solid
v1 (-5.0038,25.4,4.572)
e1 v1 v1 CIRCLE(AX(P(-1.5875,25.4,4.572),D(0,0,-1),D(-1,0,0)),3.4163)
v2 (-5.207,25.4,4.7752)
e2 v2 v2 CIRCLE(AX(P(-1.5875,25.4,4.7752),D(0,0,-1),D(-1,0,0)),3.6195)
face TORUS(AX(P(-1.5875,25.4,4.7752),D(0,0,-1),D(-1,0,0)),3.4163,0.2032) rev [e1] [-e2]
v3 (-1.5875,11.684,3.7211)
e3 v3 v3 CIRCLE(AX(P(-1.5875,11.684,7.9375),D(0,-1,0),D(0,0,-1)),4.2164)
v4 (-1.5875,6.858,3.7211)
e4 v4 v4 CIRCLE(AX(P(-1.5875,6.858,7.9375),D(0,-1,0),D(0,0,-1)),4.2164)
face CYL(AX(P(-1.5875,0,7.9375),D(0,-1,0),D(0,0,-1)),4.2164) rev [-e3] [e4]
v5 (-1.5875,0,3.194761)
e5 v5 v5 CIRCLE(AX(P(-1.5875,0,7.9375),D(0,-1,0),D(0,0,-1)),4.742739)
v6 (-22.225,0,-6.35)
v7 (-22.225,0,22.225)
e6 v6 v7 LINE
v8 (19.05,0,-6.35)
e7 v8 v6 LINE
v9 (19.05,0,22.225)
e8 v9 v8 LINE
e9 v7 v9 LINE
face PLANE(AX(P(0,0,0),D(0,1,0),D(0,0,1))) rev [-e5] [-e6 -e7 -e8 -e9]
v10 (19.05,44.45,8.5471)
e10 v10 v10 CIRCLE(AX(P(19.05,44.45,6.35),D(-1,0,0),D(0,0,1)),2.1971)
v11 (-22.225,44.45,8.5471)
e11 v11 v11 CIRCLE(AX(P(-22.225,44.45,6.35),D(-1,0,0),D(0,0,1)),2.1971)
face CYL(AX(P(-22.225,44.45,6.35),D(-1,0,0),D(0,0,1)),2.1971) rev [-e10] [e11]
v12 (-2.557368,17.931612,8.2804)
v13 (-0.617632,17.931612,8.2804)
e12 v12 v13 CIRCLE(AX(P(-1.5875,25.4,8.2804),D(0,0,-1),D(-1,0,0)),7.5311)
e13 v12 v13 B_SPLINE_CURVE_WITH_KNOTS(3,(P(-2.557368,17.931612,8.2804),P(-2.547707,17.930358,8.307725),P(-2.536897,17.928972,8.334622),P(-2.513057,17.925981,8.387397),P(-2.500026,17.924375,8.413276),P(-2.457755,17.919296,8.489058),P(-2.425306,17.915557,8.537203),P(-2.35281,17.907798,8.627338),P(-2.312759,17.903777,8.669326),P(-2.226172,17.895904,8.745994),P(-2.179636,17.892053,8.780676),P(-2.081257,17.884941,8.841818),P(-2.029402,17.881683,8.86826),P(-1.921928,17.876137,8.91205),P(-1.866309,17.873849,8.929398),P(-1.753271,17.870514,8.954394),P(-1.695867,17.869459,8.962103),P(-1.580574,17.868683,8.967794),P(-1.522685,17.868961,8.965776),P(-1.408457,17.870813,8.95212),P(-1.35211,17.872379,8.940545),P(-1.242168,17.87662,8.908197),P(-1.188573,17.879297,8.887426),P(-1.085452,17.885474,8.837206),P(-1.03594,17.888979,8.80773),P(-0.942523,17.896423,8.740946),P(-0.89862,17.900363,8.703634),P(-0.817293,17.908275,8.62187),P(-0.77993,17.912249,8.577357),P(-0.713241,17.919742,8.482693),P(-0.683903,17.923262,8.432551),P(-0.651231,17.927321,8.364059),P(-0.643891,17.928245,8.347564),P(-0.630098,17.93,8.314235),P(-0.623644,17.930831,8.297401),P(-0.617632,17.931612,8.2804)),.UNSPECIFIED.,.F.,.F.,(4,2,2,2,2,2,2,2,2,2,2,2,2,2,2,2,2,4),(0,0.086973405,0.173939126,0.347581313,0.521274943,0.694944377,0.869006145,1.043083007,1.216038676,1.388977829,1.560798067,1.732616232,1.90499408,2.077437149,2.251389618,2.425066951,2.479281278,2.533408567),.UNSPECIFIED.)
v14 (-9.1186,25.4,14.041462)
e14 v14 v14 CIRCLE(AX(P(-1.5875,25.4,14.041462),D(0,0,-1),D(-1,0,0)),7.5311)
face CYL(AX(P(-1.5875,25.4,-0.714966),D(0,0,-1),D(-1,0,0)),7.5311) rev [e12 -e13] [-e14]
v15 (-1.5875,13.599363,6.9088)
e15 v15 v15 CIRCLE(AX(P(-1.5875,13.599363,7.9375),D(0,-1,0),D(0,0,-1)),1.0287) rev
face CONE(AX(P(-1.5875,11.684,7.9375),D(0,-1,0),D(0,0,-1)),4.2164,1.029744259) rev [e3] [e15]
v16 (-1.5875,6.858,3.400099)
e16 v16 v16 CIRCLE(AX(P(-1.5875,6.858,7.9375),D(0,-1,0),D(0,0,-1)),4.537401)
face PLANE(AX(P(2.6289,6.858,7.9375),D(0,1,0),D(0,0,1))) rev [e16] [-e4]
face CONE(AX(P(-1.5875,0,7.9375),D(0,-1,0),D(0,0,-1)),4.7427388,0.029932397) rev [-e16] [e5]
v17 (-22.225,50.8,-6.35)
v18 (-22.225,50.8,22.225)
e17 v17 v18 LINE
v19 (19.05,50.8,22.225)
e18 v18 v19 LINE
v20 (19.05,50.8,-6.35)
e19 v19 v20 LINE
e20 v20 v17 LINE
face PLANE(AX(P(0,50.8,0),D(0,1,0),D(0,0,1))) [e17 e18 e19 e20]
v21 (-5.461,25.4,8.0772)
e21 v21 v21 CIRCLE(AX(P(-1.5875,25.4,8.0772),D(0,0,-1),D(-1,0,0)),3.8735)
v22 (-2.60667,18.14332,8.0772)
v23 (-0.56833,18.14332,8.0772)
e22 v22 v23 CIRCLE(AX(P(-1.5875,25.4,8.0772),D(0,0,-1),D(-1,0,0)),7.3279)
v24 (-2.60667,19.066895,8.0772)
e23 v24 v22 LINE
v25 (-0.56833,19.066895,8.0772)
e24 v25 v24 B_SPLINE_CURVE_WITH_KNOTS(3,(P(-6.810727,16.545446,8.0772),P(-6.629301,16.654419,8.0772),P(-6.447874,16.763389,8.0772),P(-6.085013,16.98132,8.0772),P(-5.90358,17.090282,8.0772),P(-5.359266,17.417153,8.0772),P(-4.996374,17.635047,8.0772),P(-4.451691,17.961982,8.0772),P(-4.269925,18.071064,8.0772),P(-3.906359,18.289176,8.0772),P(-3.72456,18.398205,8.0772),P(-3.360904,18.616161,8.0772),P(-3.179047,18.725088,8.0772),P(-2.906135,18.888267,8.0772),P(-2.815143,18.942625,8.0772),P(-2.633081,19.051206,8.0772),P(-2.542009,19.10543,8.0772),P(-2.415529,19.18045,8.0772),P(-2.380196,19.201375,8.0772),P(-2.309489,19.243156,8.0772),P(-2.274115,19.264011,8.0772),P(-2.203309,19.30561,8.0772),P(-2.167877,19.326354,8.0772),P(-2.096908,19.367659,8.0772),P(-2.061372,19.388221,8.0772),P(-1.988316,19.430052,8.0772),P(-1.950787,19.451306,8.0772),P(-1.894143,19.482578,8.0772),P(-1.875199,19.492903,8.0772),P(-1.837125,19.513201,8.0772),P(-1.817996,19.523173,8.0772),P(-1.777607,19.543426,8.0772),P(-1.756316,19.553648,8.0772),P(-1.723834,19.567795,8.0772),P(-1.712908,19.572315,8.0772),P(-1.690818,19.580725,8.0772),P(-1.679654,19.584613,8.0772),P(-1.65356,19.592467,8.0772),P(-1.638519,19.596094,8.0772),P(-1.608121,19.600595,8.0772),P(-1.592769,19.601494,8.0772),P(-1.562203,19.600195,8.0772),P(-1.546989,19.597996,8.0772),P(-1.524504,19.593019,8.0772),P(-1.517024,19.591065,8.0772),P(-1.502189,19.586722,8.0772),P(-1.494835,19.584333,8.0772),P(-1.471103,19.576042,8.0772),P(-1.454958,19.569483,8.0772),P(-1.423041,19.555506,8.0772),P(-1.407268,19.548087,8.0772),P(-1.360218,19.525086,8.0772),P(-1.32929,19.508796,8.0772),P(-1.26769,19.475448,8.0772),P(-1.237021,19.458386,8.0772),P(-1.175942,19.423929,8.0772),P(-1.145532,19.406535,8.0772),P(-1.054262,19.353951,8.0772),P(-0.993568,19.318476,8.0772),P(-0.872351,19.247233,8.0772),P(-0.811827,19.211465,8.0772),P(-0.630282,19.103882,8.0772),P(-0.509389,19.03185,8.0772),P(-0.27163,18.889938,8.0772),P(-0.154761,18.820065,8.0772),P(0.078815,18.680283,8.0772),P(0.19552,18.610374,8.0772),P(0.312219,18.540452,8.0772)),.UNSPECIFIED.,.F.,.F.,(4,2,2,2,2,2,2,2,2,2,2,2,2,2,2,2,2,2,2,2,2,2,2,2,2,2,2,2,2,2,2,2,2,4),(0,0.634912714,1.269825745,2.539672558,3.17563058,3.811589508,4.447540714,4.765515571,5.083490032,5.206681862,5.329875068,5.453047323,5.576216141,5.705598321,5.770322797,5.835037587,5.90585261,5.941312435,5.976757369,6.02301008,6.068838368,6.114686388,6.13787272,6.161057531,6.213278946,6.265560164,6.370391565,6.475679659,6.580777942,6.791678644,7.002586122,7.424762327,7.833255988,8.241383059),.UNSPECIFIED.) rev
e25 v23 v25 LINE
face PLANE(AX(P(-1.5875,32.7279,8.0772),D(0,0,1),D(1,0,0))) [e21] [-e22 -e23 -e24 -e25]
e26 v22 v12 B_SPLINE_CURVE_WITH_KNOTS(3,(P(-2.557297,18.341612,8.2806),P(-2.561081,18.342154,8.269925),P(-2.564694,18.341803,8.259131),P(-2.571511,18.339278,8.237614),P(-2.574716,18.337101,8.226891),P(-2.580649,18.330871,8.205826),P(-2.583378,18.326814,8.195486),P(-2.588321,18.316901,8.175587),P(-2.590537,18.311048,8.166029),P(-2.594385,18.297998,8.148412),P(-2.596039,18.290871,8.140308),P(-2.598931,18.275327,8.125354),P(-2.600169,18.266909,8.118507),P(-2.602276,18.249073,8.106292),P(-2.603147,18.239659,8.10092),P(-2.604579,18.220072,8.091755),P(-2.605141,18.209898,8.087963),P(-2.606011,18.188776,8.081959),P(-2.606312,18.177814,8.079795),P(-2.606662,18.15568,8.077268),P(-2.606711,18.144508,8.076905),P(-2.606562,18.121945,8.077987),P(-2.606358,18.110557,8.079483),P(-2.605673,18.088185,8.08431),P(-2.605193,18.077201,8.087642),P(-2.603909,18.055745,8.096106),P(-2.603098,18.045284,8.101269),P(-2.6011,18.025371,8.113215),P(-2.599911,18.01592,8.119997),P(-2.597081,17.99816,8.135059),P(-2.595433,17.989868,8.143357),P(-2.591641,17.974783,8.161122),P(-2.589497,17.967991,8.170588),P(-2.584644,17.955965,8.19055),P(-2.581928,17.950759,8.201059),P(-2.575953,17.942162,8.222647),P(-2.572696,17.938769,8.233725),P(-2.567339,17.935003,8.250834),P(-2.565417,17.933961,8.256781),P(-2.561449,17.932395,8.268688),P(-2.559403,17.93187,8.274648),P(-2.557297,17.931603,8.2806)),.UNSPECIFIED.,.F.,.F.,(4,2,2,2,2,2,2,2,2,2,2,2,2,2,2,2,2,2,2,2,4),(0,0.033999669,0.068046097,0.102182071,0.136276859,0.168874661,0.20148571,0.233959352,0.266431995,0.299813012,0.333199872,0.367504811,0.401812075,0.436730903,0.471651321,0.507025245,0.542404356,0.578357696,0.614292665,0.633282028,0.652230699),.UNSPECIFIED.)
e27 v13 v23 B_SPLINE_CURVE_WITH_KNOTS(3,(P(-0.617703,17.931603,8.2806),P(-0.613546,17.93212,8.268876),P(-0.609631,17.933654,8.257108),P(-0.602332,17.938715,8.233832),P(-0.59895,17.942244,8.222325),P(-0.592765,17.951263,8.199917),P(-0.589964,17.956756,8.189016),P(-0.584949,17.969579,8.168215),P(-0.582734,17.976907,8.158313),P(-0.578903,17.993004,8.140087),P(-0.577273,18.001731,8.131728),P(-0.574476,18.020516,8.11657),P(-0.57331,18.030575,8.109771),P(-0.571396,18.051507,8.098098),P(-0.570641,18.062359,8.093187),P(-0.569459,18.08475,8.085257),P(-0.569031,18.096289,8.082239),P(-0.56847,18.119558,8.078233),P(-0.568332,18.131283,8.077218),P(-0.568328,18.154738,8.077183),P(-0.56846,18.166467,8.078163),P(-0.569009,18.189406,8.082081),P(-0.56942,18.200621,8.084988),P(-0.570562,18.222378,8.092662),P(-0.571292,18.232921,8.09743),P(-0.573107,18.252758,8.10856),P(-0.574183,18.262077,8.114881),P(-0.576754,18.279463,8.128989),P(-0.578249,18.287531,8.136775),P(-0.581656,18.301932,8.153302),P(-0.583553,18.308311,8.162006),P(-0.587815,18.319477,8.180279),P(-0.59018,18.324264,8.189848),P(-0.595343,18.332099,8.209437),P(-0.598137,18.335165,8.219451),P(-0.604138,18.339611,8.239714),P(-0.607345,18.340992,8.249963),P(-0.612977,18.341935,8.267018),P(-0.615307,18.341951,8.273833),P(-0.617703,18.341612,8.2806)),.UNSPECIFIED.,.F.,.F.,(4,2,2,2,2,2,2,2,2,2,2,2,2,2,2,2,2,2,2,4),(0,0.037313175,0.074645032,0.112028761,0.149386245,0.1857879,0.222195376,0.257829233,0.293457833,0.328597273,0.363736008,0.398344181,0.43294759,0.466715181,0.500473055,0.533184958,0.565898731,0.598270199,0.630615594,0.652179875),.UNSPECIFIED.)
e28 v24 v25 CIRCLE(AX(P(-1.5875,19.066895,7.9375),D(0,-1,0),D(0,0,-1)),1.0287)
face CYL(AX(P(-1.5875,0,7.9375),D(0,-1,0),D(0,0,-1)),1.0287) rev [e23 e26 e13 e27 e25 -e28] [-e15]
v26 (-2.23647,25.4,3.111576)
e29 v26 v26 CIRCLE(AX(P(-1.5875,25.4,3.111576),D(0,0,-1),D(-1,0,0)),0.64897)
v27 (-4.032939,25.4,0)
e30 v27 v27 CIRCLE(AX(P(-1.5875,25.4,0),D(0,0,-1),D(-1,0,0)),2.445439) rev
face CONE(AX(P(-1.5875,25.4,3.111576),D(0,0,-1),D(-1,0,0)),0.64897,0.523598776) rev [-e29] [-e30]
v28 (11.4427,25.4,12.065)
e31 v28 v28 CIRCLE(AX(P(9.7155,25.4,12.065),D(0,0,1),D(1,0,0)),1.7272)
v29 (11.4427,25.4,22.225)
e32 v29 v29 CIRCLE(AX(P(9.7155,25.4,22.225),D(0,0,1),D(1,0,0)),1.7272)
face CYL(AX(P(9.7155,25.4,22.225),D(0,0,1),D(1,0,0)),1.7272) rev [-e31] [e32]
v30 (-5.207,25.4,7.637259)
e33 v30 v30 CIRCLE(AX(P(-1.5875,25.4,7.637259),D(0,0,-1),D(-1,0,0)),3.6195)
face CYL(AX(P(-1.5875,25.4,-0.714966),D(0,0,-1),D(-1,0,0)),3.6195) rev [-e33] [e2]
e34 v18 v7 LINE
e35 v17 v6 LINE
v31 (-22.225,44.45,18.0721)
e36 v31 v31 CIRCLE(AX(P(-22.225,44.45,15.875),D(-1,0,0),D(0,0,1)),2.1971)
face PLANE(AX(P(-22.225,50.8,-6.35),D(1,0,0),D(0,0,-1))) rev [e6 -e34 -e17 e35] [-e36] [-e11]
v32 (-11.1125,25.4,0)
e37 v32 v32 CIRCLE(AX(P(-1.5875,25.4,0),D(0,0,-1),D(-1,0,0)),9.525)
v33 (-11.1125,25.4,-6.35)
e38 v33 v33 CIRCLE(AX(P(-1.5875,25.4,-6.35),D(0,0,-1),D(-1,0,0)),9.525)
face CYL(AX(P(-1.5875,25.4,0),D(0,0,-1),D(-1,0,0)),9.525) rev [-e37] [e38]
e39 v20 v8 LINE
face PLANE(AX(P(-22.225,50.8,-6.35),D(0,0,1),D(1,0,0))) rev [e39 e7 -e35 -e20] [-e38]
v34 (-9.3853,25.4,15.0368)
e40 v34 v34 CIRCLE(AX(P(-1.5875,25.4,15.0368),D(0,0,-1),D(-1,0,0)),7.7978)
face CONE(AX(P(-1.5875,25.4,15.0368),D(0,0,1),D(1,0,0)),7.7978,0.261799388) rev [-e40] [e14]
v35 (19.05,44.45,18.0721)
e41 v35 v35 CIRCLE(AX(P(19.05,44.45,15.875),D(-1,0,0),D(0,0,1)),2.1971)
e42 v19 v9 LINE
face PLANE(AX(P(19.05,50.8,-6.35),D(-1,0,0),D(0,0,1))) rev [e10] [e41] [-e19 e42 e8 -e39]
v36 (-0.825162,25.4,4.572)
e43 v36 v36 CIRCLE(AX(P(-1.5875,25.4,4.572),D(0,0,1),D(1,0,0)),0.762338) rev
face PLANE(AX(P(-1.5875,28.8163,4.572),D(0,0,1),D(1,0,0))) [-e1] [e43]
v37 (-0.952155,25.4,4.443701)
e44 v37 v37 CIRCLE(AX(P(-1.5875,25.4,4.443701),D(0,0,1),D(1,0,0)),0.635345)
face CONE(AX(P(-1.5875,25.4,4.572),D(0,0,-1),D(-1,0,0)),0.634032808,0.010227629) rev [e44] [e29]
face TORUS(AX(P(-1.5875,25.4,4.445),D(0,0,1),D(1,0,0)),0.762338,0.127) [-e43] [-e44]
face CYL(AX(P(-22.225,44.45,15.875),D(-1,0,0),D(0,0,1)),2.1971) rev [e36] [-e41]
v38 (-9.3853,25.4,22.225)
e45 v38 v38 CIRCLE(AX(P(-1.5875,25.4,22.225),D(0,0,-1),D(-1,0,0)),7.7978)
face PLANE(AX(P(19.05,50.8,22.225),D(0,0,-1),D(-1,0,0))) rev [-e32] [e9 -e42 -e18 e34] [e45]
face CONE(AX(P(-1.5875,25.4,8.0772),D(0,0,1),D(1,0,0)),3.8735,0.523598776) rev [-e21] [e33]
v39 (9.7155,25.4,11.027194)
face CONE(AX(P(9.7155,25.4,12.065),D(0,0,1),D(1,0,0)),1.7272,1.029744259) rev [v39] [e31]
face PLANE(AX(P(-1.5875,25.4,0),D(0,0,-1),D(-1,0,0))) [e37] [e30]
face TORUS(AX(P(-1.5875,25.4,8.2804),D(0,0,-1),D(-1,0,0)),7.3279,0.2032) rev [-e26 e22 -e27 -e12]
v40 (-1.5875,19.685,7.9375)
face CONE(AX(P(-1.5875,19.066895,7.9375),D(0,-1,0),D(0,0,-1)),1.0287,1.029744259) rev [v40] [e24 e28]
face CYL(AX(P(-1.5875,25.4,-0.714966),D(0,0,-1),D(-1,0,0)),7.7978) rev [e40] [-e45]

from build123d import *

# Parameters (mm, degrees)
SKETCH7_W                       = 41.275
SKETCH7_H                       = 28.575
BOSS_EXTRUDE2_DEPTH             = 50.8
SKETCH31_R                      = 9.525
CUT_EXTRUDE1_DEPTH              = 6.35
FILLET3_R                       = 0.127
F_8_32_TAPPED_HOLE1_D           = 3.4544
F_8_32_TAPPED_HOLE1_DEPTH       = 10.16
F_8_32_TAPPED_HOLE1_TIP         = 1.037806461
F_17_0_173_DIAMETER_HOLE1_D     = 4.3942
F_46_0_081_DIAMETER_HOLE1_D     = 2.0574
F_46_0_081_DIAMETER_HOLE1_DEPTH = 19.066894681
F_46_0_081_DIAMETER_HOLE1_TIP   = 0.618105319


with BuildPart() as part:
    # Sketch7 → Boss-Extrude2 (new body)
    with BuildSketch(Plane(origin=(0, 0, 0), x_dir=(1, 0, 0), z_dir=(0, 1, 0))):
        with Locations((-1.5875, -7.9375)):
            Rectangle(SKETCH7_W, SKETCH7_H)
    extrude(amount=BOSS_EXTRUDE2_DEPTH)

    # Sketch31 → Cut-Extrude1 (cut)
    with BuildSketch(Plane(origin=(0, 0, -6.35), x_dir=(-1, 0, 0), z_dir=(0, 0, -1))):
        with Locations((1.5875, 25.4)):
            Circle(SKETCH31_R)
    extrude(amount=-CUT_EXTRUDE1_DEPTH, mode=Mode.SUBTRACT)

    # Sketch24 → Port Manifold (revolve, cut)
    with BuildSketch(Plane.ZY.offset(1.5875)):
        with BuildLine():
            Line((22.225, 25.4), (22.225, 33.1978))
            Line((22.225, 33.1978), (15.0368, 33.1978))
            Line((15.0368, 33.1978), (14.04146205, 32.9311))
            Line((14.04146205, 32.9311), (8.2804, 32.9311))
            ThreePointArc((8.2804, 32.9311), (8.136715902, 32.871584098), (8.0772, 32.7279))
            Line((8.0772, 32.7279), (8.0772, 29.2735))
            Line((8.0772, 29.2735), (7.637259095, 29.0195))
            Line((7.637259095, 29.0195), (4.7752, 29.0195))
            ThreePointArc((4.7752, 29.0195), (4.631515902, 28.959984098), (4.572, 28.8163))
            Line((4.572, 28.8163), (4.572, 26.034032808))
            Line((4.572, 26.034032808), (3.111576387, 26.04897))
            Line((3.111576387, 26.04897), (-0.714966433, 28.258225527))
            Line((-0.714966433, 28.258225527), (-0.714966433, 25.4))
            Line((-0.714966433, 25.4), (22.225, 25.4))
        make_face()
    revolve(axis=Axis((-1.5875, 25.4, -0.714966433), (0, 0, 1)), mode=Mode.SUBTRACT)

    # Fillet3
    fillet3_edges = [part.edges().sort_by_distance(p)[0] for p in [
        (-1.5875, 24.765967192, 4.572),
    ]]
    fillet(fillet3_edges, radius=FILLET3_R)

    # #8-32 Tapped Hole1
    with Locations(Plane.XY.offset(22.225)):
        with Locations((9.7155, 25.4)):
            Hole(F_8_32_TAPPED_HOLE1_D / 2, depth=F_8_32_TAPPED_HOLE1_DEPTH)
            with Locations((0, 0, -(F_8_32_TAPPED_HOLE1_DEPTH + F_8_32_TAPPED_HOLE1_TIP / 2))):  # 118° drill point
                Cone(0, F_8_32_TAPPED_HOLE1_D / 2, F_8_32_TAPPED_HOLE1_TIP, mode=Mode.SUBTRACT)

    # Sketch29 → 1/8 NPT Tapped Hole1 (revolve, cut)
    with BuildSketch(Plane(origin=(-1.5875, 0, 7.9375), x_dir=(0, 0, -1), z_dir=(1, 0, 0))):
        Polygon((0, 0), (0, 14.217468714), (4.2164, 11.684), (4.2164, 6.858), (4.537401096, 6.858), (4.7427388, 0), align=None)
    revolve(axis=Axis((-1.5875, -6.35, 7.9375), (0, 1, 0)), mode=Mode.SUBTRACT)

    # #17 (0.173) Diameter Hole1 (through all)
    with Locations(Plane.ZY.offset(22.225)):
        with Locations((6.35, 44.45), (15.875, 44.45)):
            Hole(F_17_0_173_DIAMETER_HOLE1_D / 2)

    # #46 (0.081) Diameter Hole1
    with Locations(Plane(origin=(0, 0, 0), x_dir=(-1, 0, 0), z_dir=(0, -1, 0))):
        with Locations((1.5875, -7.9375)):
            Hole(F_46_0_081_DIAMETER_HOLE1_D / 2, depth=F_46_0_081_DIAMETER_HOLE1_DEPTH)
            with Locations((0, 0, -(F_46_0_081_DIAMETER_HOLE1_DEPTH + F_46_0_081_DIAMETER_HOLE1_TIP / 2))):  # 118° drill point
                Cone(0, F_46_0_081_DIAMETER_HOLE1_D / 2, F_46_0_081_DIAMETER_HOLE1_TIP, mode=Mode.SUBTRACT)


solid = part.part
